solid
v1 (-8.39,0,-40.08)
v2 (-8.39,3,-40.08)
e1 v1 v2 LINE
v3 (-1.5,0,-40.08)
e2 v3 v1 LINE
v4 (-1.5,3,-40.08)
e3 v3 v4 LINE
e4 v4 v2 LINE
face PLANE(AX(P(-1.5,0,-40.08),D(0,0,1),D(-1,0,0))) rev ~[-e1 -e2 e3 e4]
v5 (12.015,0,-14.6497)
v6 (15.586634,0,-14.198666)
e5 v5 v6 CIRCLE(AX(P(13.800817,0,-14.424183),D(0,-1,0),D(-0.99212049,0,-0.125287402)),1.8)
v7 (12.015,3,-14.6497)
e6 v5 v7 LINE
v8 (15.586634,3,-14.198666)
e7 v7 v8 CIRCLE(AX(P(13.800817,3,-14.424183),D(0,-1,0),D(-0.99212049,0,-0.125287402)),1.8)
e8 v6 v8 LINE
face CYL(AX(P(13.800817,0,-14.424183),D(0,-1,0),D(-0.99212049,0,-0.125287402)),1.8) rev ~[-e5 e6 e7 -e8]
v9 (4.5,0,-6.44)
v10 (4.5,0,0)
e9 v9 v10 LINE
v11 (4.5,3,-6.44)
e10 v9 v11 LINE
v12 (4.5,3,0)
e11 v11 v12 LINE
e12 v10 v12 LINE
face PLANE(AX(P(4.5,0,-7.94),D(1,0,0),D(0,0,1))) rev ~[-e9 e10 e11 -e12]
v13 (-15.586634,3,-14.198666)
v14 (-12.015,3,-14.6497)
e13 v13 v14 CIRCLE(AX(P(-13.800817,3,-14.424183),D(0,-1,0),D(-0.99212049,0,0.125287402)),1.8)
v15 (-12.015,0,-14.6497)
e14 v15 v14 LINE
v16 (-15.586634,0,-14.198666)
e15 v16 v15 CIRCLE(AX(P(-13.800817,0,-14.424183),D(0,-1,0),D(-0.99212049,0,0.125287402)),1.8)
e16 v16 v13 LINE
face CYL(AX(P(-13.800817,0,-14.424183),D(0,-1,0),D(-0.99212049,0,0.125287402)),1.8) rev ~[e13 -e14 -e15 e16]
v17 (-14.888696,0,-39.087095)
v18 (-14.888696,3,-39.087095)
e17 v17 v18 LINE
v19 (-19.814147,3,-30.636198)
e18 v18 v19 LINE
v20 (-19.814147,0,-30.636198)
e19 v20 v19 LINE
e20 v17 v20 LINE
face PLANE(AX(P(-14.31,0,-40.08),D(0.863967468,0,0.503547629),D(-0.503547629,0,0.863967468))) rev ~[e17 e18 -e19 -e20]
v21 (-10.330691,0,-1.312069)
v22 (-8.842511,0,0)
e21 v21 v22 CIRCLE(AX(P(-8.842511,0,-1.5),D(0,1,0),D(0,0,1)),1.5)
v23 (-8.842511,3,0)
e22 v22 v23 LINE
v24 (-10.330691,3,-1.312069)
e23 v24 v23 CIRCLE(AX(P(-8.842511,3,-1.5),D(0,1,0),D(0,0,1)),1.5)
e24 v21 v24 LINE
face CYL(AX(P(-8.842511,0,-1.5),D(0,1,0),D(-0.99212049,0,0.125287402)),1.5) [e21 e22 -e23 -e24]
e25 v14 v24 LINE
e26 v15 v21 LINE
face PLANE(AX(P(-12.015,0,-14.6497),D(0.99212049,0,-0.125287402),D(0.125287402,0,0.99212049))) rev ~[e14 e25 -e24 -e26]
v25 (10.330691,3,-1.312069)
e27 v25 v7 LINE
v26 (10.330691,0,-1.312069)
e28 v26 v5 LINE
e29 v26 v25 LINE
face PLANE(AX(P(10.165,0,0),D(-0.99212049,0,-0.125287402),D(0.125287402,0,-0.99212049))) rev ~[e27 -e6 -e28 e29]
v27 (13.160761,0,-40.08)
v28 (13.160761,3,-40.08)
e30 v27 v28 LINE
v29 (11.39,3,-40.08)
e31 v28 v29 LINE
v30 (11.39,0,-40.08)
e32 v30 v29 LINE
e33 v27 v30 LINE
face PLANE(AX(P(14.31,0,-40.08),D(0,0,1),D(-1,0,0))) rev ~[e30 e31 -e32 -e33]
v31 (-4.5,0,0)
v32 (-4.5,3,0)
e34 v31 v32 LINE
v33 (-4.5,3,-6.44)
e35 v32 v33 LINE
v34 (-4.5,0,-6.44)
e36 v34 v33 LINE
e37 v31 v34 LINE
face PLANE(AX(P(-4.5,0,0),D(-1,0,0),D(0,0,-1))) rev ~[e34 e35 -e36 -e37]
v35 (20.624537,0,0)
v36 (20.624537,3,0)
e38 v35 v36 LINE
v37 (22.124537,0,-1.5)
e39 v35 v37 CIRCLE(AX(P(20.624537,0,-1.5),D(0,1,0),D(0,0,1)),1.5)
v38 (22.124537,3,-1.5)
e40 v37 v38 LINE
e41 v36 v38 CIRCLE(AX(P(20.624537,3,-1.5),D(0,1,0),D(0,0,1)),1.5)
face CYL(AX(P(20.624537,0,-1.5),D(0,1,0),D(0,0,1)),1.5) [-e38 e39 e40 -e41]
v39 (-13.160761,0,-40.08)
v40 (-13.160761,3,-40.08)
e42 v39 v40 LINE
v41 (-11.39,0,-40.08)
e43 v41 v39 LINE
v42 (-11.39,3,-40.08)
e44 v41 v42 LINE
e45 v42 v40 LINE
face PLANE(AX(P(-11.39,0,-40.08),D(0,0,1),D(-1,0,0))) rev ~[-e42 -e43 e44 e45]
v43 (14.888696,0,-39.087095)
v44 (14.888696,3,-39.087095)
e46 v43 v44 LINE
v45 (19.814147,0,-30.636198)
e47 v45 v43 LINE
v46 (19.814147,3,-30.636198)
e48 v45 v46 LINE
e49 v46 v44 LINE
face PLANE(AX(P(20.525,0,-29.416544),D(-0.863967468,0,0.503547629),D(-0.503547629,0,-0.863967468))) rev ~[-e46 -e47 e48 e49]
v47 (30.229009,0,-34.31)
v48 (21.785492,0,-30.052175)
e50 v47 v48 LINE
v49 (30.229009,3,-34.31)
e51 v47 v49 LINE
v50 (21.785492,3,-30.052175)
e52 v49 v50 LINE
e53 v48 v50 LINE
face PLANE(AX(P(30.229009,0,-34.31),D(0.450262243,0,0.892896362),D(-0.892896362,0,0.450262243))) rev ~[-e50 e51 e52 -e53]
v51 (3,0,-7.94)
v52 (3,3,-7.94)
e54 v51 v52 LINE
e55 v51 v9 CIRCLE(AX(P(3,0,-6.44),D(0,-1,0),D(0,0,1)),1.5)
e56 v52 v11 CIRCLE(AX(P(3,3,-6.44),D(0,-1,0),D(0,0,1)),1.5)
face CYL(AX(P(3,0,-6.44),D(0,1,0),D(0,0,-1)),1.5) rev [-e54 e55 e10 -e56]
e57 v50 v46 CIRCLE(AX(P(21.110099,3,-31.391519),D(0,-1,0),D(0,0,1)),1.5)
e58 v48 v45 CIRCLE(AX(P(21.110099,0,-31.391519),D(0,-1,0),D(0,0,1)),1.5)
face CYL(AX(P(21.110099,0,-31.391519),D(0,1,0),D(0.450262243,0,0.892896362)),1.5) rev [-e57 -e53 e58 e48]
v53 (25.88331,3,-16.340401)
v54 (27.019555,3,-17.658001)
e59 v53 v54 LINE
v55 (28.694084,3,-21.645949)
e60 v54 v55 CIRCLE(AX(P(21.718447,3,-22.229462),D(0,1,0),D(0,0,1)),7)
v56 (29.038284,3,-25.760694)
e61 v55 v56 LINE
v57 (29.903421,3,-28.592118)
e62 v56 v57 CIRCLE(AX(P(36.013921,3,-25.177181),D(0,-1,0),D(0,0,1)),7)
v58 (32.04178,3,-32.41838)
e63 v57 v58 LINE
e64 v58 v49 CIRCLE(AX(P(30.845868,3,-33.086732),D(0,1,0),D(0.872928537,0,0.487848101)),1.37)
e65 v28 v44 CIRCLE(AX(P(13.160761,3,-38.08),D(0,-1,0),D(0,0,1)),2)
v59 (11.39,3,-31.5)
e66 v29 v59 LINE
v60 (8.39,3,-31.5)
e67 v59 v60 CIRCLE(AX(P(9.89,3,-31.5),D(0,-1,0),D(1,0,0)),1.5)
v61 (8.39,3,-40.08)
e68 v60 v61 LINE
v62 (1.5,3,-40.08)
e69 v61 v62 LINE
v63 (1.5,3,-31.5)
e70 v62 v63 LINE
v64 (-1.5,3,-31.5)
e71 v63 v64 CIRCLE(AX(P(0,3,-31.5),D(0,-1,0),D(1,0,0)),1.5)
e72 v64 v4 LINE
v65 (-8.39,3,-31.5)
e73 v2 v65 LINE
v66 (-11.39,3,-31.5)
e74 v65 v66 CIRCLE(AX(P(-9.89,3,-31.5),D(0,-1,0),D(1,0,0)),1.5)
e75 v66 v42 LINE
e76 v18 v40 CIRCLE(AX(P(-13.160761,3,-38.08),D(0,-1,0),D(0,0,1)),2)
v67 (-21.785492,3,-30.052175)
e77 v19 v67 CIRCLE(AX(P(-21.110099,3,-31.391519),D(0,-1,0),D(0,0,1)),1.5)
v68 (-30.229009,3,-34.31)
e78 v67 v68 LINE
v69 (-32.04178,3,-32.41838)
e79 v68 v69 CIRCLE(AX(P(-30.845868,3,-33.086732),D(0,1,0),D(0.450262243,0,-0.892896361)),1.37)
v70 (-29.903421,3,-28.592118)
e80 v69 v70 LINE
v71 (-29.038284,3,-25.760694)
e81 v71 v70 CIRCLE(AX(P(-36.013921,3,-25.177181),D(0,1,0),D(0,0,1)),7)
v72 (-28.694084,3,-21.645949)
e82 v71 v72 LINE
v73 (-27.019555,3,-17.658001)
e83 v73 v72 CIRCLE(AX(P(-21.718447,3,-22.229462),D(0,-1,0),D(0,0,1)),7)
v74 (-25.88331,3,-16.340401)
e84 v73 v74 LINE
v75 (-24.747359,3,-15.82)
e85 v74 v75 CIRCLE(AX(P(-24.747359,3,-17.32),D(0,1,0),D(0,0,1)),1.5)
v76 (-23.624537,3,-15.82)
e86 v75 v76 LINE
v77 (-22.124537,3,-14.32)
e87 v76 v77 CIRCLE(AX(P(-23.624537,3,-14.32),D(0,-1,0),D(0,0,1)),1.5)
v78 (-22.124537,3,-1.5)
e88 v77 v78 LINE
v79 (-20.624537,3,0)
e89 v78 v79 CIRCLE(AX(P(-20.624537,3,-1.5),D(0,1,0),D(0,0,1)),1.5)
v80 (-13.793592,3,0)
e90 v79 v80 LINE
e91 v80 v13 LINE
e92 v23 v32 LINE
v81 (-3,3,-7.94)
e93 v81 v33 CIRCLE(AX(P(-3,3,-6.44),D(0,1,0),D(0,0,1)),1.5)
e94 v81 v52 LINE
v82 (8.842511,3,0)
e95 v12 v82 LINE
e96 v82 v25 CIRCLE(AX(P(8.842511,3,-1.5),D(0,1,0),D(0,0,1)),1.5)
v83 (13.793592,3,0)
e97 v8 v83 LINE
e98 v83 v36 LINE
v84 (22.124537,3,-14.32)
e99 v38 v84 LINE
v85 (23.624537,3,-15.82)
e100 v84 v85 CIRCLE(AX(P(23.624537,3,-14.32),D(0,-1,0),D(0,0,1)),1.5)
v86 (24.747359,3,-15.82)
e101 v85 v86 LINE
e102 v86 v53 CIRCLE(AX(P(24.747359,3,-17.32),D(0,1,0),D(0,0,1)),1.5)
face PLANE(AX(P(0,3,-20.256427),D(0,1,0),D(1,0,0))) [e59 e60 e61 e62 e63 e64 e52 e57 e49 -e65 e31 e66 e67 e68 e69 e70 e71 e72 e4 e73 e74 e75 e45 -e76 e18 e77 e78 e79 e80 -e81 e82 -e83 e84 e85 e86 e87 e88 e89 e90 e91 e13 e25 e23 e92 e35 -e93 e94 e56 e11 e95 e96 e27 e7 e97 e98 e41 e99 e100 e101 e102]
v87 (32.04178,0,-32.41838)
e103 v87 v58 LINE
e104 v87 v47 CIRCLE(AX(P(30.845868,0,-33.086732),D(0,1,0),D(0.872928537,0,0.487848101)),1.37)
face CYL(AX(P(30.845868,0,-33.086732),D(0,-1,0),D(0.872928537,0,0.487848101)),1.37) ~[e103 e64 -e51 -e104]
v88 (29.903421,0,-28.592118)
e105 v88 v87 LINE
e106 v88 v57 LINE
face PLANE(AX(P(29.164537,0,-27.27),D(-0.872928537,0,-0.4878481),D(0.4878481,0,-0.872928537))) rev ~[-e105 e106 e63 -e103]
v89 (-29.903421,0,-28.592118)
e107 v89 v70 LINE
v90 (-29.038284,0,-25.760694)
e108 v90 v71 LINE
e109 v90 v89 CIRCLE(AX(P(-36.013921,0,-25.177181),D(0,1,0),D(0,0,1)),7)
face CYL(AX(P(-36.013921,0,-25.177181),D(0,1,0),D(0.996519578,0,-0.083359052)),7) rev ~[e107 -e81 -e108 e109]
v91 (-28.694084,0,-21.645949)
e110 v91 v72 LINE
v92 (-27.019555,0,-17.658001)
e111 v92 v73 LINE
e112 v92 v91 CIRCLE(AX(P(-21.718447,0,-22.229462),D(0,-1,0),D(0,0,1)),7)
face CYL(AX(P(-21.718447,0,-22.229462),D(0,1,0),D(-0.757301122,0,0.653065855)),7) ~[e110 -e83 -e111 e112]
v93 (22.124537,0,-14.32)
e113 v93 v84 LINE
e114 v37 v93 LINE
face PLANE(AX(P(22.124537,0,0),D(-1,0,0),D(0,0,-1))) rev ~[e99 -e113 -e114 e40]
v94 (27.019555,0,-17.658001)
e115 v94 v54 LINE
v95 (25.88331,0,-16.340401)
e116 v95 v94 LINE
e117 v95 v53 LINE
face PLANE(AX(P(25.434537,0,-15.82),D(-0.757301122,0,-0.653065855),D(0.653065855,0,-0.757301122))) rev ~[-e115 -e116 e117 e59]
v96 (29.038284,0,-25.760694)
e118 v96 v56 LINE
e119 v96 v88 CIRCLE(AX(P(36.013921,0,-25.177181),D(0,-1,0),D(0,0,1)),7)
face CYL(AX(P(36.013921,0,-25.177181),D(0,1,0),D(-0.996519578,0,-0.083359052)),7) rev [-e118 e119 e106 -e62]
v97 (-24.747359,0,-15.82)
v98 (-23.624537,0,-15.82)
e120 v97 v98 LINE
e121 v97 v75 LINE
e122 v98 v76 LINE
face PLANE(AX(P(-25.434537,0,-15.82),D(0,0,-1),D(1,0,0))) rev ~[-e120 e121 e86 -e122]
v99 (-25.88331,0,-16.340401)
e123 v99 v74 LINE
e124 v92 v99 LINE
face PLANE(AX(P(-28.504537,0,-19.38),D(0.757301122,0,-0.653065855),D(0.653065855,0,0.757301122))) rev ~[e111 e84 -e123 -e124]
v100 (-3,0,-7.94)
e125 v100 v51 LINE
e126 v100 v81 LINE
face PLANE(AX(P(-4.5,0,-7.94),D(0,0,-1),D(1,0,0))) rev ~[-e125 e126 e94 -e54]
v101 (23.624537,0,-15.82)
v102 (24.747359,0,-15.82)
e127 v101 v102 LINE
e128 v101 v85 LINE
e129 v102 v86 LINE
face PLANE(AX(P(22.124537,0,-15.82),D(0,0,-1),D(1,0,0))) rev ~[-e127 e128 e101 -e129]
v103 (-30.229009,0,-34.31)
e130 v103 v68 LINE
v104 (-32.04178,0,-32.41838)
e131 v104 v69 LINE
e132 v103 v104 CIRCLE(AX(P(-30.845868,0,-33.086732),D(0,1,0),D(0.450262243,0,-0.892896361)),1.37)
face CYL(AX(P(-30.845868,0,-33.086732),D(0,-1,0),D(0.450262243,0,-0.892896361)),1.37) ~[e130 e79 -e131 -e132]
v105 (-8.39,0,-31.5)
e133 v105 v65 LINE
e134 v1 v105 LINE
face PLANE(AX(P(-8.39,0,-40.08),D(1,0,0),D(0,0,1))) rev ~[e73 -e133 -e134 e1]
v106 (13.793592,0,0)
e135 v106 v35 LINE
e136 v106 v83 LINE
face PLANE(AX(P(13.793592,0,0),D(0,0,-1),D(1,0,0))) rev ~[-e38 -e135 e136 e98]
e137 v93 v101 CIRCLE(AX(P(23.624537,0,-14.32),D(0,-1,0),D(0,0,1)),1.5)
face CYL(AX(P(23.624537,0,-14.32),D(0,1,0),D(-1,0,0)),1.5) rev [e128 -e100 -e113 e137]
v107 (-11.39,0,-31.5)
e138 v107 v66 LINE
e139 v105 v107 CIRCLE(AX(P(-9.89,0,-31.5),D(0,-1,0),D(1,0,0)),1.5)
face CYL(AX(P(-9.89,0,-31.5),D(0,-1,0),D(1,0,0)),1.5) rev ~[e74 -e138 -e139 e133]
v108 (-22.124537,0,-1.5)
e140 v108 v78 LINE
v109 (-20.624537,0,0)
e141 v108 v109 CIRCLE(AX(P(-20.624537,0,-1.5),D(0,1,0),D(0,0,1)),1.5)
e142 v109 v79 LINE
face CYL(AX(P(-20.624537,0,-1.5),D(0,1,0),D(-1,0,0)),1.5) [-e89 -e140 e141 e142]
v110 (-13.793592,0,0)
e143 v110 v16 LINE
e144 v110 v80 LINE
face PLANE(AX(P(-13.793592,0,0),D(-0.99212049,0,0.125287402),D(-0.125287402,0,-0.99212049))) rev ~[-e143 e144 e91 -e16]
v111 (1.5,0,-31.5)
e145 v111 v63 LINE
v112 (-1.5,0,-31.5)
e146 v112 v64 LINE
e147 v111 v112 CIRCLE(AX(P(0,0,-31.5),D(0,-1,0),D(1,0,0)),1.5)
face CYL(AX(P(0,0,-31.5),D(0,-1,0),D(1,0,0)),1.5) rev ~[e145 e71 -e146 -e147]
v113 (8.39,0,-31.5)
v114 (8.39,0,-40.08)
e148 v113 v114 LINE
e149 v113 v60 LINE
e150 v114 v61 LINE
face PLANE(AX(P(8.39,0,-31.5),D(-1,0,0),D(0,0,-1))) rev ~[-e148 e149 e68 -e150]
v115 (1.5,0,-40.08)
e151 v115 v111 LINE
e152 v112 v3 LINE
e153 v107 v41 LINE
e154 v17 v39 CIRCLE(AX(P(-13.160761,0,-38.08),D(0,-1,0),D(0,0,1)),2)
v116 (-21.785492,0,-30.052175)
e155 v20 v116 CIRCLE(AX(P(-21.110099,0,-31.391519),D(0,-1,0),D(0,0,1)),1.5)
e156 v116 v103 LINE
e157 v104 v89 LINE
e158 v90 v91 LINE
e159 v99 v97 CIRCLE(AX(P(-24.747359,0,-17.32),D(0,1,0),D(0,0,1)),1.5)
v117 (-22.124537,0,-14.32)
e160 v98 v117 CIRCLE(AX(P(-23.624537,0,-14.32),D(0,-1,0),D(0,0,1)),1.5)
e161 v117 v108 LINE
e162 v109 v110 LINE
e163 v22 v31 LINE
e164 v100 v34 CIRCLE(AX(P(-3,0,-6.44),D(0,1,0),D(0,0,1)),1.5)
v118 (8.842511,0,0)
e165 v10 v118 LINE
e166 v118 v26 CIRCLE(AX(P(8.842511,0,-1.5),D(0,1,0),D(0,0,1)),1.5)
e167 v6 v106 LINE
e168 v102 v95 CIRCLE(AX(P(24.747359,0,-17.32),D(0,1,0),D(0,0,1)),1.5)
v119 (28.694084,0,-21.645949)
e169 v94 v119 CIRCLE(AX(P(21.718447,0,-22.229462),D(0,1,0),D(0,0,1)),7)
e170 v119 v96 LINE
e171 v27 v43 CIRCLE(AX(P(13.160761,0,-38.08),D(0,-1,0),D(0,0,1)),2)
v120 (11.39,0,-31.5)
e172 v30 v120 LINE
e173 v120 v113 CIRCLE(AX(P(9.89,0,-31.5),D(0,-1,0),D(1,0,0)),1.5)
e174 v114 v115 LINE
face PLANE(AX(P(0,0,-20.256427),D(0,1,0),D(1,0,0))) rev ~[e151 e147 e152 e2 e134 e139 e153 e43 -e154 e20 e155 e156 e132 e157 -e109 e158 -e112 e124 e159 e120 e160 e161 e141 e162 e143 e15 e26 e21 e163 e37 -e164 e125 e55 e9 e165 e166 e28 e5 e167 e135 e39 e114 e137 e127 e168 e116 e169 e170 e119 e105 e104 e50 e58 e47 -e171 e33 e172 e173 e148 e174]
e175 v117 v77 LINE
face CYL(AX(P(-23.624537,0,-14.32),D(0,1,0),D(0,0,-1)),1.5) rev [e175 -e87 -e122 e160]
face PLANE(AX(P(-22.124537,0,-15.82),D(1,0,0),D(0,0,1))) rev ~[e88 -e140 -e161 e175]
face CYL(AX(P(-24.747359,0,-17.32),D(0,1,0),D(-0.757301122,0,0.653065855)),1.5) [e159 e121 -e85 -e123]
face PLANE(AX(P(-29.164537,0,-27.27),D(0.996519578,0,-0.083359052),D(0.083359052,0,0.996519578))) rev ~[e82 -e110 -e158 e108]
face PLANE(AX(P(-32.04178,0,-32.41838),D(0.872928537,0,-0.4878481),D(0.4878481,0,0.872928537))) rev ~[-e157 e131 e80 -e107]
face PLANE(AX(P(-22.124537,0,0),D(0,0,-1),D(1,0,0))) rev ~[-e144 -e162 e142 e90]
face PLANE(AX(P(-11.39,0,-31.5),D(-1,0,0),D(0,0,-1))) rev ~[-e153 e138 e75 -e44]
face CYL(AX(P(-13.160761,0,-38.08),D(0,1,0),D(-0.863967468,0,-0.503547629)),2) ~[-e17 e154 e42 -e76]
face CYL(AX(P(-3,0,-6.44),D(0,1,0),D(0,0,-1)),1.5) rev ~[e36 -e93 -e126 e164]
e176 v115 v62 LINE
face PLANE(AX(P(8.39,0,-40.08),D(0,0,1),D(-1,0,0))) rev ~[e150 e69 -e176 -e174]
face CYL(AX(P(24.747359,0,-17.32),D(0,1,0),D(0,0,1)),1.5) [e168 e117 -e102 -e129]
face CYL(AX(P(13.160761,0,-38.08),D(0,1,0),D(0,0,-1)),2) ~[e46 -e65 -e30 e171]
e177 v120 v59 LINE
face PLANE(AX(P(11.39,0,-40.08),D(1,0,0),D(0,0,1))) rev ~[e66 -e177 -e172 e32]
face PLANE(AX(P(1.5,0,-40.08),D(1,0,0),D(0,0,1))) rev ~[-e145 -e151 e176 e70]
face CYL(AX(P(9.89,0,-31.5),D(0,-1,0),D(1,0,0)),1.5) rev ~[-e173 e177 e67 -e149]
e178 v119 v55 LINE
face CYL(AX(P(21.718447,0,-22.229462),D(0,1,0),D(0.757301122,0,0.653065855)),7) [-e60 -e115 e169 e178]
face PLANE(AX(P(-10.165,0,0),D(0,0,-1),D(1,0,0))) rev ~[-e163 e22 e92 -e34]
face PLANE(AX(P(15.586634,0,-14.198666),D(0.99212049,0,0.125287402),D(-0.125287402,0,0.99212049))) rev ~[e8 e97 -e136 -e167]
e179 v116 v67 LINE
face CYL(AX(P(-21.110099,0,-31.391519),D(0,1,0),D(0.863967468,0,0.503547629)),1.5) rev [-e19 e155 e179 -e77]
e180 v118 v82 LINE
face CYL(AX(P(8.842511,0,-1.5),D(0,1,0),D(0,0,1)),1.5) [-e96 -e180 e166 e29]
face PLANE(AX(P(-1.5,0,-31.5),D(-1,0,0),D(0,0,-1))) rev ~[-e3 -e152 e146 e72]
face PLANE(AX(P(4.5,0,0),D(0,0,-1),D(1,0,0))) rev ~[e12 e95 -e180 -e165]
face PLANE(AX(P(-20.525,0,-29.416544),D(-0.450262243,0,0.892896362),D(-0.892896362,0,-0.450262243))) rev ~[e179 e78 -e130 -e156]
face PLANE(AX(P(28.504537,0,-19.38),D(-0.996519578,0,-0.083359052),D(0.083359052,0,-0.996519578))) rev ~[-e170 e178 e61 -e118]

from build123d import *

# Parameters (mm, degrees)
BOSS_EXTRUDE1_DEPTH = 3
FILLET1_R           = 1.5
FILLET2_R           = 7
FILLET3_R           = 2


with BuildPart() as part:
    # Sketch1 → Boss-Extrude1 (new body)
    with BuildSketch(Plane(origin=(0, 0, 0), x_dir=(1, 0, 0), z_dir=(0, 1, 0))):
        with BuildLine():
            Line((-4.5, 7.94), (4.5, 7.94))
            Line((4.5, 7.94), (4.5, 0))
            Line((4.5, 0), (10.165, 0))
            Line((10.165, 0), (12.015, 14.649700441))
            ThreePointArc((12.015, 14.649700441), (14.026334206, 16.21), (15.586633764, 14.198665794))
            Line((15.586633764, 14.198665794), (13.793591523, 0))
            Line((13.793591523, 0), (22.124537234, 0))
            Line((22.124537234, 0), (22.124537234, 15.82))
            Line((22.124537234, 15.82), (25.434537234, 15.82))
            Line((25.434537234, 15.82), (28.504537234, 19.38))
            Line((28.504537234, 19.38), (29.164537234, 27.27))
            Line((29.164537234, 27.27), (32.041780145, 32.418380087))
            ThreePointArc((32.041780145, 32.418380087), (31.835, 34.03463387), (30.229008776, 34.31))
            Line((30.229008776, 34.31), (20.525, 29.416544335))
            Line((20.525, 29.416544335), (14.31, 40.08))
            Line((14.31, 40.08), (11.39, 40.08))
            Line((11.39, 40.08), (11.39, 31.5))
            ThreePointArc((11.39, 31.5), (9.89, 30), (8.39, 31.5))
            Line((8.39, 31.5), (8.39, 40.08))
            Line((8.39, 40.08), (1.5, 40.08))
            Line((1.5, 40.08), (1.5, 31.5))
            ThreePointArc((1.5, 31.5), (0, 30), (-1.5, 31.5))
            Line((-1.5, 31.5), (-1.5, 40.08))
            Line((-1.5, 40.08), (-8.39, 40.08))
            Line((-8.39, 40.08), (-8.39, 31.5))
            ThreePointArc((-8.39, 31.5), (-9.89, 30), (-11.39, 31.5))
            Line((-11.39, 31.5), (-11.39, 40.08))
            Line((-11.39, 40.08), (-14.31, 40.08))
            Line((-14.31, 40.08), (-20.525, 29.416544335))
            Line((-20.525, 29.416544335), (-30.229008776, 34.31))
            ThreePointArc((-30.229008776, 34.31), (-31.835, 34.03463387), (-32.041780145, 32.418380087))
            Line((-32.041780145, 32.418380087), (-29.164537234, 27.27))
            Line((-29.164537234, 27.27), (-28.504537234, 19.38))
            Line((-28.504537234, 19.38), (-25.434537234, 15.82))
            Line((-25.434537234, 15.82), (-22.124537234, 15.82))
            Line((-22.124537234, 15.82), (-22.124537234, 0))
            Line((-22.124537234, 0), (-13.793591523, 0))
            Line((-13.793591523, 0), (-15.586633764, 14.198665794))
            ThreePointArc((-15.586633764, 14.198665794), (-14.026334206, 16.21), (-12.015, 14.649700441))
            Line((-12.015, 14.649700441), (-10.165, 0))
            Line((-10.165, 0), (-4.5, 0))
            Line((-4.5, 0), (-4.5, 7.94))
        make_face()
    extrude(amount=BOSS_EXTRUDE1_DEPTH)

    # Fillet1
    fillet1_edges = [part.edges().sort_by_distance(p)[0] for p in [
        (4.5, 1.5, -7.94),
        (-4.5, 1.5, -7.94),
        (-10.165, 1.5, 0),
        (-22.124537234, 1.5, 0),
        (-22.124537234, 1.5, -15.82),
        (-25.434537234, 1.5, -15.82),
        (-20.525, 1.5, -29.416544335),
        (20.525, 1.5, -29.416544335),
        (25.434537234, 1.5, -15.82),
        (22.124537234, 1.5, -15.82),
        (22.124537234, 1.5, 0),
        (10.165, 1.5, 0),
    ]]
    fillet(fillet1_edges, radius=FILLET1_R)

    # Fillet2
    fillet2_edges = [part.edges().sort_by_distance(p)[0] for p in [
        (-28.504537234, 1.5, -19.38),
        (-29.164537234, 1.5, -27.27),
        (29.164537234, 1.5, -27.27),
        (28.504537234, 1.5, -19.38),
    ]]
    fillet(fillet2_edges, radius=FILLET2_R)

    # Fillet3
    fillet3_edges = [part.edges().sort_by_distance(p)[0] for p in [
        (-14.31, 1.5, -40.08),
        (14.31, 1.5, -40.08),
    ]]
    fillet(fillet3_edges, radius=FILLET3_R)


solid = part.part
